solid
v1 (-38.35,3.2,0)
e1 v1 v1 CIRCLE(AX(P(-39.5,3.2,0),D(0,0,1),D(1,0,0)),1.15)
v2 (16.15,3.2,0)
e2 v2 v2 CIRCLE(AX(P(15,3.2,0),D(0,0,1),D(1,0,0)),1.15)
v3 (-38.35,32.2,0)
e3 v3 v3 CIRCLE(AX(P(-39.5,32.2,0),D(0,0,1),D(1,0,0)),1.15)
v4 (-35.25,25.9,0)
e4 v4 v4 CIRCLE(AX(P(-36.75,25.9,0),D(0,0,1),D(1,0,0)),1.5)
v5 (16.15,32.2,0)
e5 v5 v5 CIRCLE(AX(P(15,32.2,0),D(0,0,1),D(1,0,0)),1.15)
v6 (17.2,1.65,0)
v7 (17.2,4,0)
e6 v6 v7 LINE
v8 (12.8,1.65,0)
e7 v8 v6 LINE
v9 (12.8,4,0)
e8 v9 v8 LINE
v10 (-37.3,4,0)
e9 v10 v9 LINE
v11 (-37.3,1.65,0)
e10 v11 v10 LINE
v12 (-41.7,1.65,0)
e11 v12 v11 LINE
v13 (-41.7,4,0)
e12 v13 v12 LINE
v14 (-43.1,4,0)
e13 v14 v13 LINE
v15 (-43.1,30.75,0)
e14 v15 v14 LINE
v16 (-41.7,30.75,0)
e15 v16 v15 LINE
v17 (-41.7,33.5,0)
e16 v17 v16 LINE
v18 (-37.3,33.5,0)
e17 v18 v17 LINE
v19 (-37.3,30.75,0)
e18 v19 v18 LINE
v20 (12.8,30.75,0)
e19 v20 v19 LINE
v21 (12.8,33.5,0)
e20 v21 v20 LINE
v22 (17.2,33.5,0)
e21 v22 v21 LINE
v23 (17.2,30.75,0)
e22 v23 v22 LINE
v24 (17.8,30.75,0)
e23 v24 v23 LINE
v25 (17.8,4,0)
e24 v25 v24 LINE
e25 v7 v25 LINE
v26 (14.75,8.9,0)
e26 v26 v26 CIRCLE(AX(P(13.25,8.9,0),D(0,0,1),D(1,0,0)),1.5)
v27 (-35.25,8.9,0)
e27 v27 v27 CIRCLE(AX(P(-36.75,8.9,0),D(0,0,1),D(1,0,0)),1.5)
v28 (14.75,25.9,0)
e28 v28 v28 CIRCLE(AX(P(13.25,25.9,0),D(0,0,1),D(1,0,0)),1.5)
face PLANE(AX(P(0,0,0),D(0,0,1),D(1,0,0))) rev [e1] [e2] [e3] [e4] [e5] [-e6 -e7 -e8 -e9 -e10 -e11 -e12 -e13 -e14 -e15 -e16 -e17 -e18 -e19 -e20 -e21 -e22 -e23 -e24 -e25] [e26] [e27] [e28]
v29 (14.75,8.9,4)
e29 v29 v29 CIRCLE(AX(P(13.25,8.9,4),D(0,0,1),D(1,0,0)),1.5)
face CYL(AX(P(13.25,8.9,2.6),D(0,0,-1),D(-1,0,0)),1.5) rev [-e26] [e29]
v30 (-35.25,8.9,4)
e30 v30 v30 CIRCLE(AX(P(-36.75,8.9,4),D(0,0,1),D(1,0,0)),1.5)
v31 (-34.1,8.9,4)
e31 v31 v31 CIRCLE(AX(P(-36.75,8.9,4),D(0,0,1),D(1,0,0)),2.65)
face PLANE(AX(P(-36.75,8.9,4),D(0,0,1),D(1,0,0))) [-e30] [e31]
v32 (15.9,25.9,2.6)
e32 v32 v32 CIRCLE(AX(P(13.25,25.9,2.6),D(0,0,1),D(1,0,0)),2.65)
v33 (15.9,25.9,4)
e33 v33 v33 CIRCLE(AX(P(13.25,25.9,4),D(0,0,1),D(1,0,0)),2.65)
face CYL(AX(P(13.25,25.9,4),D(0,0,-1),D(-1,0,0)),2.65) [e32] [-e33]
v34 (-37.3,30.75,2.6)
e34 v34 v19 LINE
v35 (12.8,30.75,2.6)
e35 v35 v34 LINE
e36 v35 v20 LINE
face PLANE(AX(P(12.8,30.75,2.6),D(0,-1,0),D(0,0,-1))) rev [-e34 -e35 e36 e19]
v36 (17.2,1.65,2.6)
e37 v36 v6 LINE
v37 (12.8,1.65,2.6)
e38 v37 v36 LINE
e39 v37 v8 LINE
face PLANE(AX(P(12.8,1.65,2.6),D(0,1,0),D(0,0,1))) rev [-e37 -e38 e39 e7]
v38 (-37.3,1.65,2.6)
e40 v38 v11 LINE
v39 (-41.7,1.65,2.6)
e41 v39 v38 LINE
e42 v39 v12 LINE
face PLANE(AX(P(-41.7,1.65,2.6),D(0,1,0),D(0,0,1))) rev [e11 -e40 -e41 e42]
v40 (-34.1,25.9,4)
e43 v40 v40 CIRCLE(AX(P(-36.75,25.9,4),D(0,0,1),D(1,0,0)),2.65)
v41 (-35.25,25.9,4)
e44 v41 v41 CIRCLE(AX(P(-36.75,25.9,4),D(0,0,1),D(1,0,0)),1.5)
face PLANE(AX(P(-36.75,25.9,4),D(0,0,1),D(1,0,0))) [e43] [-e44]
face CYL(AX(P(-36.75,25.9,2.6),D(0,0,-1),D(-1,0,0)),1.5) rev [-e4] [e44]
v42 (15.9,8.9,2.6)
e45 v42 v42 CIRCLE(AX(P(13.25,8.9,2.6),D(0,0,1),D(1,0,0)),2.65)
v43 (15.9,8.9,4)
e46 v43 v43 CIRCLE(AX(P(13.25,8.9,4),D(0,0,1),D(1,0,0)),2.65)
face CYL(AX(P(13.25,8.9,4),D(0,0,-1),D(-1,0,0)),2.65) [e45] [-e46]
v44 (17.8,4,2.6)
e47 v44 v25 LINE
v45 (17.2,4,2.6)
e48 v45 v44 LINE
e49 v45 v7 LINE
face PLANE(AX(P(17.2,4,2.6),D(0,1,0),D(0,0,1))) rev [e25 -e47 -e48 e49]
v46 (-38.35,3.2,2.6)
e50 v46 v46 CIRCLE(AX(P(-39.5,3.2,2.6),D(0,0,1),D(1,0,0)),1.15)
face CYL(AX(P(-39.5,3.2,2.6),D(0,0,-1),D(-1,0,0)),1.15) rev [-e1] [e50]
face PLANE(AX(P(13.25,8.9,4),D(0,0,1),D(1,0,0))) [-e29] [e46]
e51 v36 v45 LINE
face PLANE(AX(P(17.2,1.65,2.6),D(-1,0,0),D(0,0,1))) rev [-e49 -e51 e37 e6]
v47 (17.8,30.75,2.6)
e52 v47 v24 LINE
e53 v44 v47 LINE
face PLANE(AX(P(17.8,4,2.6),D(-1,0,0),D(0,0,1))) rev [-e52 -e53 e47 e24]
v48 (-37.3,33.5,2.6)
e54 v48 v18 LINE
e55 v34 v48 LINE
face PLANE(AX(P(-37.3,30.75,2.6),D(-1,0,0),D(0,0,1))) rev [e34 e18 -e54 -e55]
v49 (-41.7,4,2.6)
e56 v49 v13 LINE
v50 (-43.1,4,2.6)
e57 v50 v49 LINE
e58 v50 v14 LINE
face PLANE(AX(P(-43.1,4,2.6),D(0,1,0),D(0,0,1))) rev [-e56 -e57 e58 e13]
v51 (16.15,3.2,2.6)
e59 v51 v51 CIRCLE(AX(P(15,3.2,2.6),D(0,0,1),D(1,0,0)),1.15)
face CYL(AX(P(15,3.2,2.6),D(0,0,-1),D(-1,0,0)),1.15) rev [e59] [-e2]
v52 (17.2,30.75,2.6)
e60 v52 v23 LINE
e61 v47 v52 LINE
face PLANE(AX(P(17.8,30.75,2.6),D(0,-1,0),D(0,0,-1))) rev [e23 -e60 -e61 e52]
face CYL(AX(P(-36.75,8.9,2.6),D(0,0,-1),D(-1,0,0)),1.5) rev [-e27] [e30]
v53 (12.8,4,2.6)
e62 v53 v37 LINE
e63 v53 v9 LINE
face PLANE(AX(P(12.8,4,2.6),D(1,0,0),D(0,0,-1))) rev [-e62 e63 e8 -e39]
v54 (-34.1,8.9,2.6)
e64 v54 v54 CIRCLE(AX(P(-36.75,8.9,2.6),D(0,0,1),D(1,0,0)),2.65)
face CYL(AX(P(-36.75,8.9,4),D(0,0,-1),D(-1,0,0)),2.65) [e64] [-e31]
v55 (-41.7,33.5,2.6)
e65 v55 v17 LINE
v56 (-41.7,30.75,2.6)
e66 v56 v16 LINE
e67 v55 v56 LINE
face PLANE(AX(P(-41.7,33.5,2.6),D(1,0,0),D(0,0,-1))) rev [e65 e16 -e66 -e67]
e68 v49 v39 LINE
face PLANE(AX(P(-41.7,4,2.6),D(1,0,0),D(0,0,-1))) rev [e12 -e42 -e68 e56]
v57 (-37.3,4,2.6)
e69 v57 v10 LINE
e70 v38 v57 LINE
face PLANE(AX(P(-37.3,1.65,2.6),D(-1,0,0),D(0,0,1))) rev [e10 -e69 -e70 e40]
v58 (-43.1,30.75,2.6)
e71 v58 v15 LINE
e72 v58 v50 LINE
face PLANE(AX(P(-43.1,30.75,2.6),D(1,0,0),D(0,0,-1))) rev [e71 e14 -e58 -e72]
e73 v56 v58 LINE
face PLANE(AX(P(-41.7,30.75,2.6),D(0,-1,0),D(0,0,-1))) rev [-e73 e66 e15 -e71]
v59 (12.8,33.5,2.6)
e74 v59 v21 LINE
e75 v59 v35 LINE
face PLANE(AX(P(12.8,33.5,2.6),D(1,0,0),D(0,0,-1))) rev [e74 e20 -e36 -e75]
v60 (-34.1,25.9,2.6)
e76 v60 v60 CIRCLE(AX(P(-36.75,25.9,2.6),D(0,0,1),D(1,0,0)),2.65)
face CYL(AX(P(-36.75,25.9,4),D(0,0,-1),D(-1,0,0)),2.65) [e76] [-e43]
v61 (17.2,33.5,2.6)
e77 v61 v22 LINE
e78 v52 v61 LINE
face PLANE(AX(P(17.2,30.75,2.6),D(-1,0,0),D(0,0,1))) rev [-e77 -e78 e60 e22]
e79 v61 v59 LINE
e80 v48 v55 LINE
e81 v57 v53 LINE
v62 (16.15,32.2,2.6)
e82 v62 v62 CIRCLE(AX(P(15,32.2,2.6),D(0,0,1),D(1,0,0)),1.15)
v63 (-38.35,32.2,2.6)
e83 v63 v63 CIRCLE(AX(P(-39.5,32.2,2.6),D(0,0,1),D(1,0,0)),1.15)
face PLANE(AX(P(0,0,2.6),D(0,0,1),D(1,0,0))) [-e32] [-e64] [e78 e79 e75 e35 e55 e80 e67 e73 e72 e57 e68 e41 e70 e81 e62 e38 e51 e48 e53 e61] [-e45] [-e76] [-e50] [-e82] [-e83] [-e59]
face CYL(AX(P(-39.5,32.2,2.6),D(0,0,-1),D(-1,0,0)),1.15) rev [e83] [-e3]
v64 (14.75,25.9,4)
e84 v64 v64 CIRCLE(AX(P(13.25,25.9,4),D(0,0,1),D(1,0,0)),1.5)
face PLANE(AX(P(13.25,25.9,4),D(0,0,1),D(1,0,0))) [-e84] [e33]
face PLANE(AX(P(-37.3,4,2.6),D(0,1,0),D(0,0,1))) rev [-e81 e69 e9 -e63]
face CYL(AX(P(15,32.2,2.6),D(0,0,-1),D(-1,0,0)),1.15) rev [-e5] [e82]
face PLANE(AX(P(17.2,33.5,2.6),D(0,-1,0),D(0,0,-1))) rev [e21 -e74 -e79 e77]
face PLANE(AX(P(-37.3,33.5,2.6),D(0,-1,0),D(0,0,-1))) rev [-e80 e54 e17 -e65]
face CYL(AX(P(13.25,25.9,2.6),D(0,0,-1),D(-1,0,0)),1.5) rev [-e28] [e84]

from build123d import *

# Parameters (mm, degrees)
PROFILE_R         = 1.15
PROFILE_R_2       = 1.5
EXTRUDE_266_DEPTH = 2.6
EXTRUDE_START     = 2.6
PROFILE_2_R       = 2.65
PROFILE_2_R_2     = 1.5
EXTRUDE_339_DEPTH = 1.4


with BuildPart() as part:
    # profile → Extrude 266 (new body)
    with BuildSketch(Plane.XY):
        Polygon((-43.1, 4), (-41.7, 4), (-41.7, 1.65), (-37.3, 1.65), (-37.3, 4), (12.8, 4), (12.8, 1.65), (17.2, 1.65), (17.2, 4), (17.8, 4), (17.8, 30.75), (17.2, 30.75), (17.2, 33.5), (12.8, 33.5), (12.8, 30.75), (-37.3, 30.75), (-37.3, 33.5), (-41.7, 33.5), (-41.7, 30.75), (-43.1, 30.75), align=None)
        with Locations((-39.5, 3.2)):
            Circle(PROFILE_R, mode=Mode.SUBTRACT)
        with Locations((15, 3.2)):
            Circle(PROFILE_R, mode=Mode.SUBTRACT)
        with Locations((-39.5, 32.2)):
            Circle(PROFILE_R, mode=Mode.SUBTRACT)
        with Locations((15, 32.2)):
            Circle(PROFILE_R, mode=Mode.SUBTRACT)
        with Locations((-36.75, 8.9)):
            Circle(PROFILE_R_2, mode=Mode.SUBTRACT)
        with Locations((13.25, 8.9)):
            Circle(PROFILE_R_2, mode=Mode.SUBTRACT)
        with Locations((-36.75, 25.9)):
            Circle(PROFILE_R_2, mode=Mode.SUBTRACT)
        with Locations((13.25, 25.9)):
            Circle(PROFILE_R_2, mode=Mode.SUBTRACT)
    extrude(amount=EXTRUDE_266_DEPTH)

    # profile 2 → Extrude 339 (add)
    # profile 1 of 4: a face of its own
    with BuildSketch(Plane.XY.offset(EXTRUDE_START)):
        with Locations((-36.75, 8.9)):
            Circle(PROFILE_2_R)
        with Locations((-36.75, 8.9)):
            Circle(PROFILE_2_R_2, mode=Mode.SUBTRACT)
    # profile 2 of 4: a face of its own
    with BuildSketch(Plane.XY.offset(EXTRUDE_START)):
        with Locations((13.25, 8.9)):
            Circle(PROFILE_2_R)
        with Locations((13.25, 8.9)):
            Circle(PROFILE_2_R_2, mode=Mode.SUBTRACT)
    # profile 3 of 4: a face of its own
    with BuildSketch(Plane.XY.offset(EXTRUDE_START)):
        with Locations((-36.75, 25.9)):
            Circle(PROFILE_2_R)
        with Locations((-36.75, 25.9)):
            Circle(PROFILE_2_R_2, mode=Mode.SUBTRACT)
    # profile 4 of 4: a face of its own
    with BuildSketch(Plane.XY.offset(EXTRUDE_START)):
        with Locations((13.25, 25.9)):
            Circle(PROFILE_2_R)
        with Locations((13.25, 25.9)):
            Circle(PROFILE_2_R_2, mode=Mode.SUBTRACT)
    extrude(amount=EXTRUDE_339_DEPTH)


solid = part.part
